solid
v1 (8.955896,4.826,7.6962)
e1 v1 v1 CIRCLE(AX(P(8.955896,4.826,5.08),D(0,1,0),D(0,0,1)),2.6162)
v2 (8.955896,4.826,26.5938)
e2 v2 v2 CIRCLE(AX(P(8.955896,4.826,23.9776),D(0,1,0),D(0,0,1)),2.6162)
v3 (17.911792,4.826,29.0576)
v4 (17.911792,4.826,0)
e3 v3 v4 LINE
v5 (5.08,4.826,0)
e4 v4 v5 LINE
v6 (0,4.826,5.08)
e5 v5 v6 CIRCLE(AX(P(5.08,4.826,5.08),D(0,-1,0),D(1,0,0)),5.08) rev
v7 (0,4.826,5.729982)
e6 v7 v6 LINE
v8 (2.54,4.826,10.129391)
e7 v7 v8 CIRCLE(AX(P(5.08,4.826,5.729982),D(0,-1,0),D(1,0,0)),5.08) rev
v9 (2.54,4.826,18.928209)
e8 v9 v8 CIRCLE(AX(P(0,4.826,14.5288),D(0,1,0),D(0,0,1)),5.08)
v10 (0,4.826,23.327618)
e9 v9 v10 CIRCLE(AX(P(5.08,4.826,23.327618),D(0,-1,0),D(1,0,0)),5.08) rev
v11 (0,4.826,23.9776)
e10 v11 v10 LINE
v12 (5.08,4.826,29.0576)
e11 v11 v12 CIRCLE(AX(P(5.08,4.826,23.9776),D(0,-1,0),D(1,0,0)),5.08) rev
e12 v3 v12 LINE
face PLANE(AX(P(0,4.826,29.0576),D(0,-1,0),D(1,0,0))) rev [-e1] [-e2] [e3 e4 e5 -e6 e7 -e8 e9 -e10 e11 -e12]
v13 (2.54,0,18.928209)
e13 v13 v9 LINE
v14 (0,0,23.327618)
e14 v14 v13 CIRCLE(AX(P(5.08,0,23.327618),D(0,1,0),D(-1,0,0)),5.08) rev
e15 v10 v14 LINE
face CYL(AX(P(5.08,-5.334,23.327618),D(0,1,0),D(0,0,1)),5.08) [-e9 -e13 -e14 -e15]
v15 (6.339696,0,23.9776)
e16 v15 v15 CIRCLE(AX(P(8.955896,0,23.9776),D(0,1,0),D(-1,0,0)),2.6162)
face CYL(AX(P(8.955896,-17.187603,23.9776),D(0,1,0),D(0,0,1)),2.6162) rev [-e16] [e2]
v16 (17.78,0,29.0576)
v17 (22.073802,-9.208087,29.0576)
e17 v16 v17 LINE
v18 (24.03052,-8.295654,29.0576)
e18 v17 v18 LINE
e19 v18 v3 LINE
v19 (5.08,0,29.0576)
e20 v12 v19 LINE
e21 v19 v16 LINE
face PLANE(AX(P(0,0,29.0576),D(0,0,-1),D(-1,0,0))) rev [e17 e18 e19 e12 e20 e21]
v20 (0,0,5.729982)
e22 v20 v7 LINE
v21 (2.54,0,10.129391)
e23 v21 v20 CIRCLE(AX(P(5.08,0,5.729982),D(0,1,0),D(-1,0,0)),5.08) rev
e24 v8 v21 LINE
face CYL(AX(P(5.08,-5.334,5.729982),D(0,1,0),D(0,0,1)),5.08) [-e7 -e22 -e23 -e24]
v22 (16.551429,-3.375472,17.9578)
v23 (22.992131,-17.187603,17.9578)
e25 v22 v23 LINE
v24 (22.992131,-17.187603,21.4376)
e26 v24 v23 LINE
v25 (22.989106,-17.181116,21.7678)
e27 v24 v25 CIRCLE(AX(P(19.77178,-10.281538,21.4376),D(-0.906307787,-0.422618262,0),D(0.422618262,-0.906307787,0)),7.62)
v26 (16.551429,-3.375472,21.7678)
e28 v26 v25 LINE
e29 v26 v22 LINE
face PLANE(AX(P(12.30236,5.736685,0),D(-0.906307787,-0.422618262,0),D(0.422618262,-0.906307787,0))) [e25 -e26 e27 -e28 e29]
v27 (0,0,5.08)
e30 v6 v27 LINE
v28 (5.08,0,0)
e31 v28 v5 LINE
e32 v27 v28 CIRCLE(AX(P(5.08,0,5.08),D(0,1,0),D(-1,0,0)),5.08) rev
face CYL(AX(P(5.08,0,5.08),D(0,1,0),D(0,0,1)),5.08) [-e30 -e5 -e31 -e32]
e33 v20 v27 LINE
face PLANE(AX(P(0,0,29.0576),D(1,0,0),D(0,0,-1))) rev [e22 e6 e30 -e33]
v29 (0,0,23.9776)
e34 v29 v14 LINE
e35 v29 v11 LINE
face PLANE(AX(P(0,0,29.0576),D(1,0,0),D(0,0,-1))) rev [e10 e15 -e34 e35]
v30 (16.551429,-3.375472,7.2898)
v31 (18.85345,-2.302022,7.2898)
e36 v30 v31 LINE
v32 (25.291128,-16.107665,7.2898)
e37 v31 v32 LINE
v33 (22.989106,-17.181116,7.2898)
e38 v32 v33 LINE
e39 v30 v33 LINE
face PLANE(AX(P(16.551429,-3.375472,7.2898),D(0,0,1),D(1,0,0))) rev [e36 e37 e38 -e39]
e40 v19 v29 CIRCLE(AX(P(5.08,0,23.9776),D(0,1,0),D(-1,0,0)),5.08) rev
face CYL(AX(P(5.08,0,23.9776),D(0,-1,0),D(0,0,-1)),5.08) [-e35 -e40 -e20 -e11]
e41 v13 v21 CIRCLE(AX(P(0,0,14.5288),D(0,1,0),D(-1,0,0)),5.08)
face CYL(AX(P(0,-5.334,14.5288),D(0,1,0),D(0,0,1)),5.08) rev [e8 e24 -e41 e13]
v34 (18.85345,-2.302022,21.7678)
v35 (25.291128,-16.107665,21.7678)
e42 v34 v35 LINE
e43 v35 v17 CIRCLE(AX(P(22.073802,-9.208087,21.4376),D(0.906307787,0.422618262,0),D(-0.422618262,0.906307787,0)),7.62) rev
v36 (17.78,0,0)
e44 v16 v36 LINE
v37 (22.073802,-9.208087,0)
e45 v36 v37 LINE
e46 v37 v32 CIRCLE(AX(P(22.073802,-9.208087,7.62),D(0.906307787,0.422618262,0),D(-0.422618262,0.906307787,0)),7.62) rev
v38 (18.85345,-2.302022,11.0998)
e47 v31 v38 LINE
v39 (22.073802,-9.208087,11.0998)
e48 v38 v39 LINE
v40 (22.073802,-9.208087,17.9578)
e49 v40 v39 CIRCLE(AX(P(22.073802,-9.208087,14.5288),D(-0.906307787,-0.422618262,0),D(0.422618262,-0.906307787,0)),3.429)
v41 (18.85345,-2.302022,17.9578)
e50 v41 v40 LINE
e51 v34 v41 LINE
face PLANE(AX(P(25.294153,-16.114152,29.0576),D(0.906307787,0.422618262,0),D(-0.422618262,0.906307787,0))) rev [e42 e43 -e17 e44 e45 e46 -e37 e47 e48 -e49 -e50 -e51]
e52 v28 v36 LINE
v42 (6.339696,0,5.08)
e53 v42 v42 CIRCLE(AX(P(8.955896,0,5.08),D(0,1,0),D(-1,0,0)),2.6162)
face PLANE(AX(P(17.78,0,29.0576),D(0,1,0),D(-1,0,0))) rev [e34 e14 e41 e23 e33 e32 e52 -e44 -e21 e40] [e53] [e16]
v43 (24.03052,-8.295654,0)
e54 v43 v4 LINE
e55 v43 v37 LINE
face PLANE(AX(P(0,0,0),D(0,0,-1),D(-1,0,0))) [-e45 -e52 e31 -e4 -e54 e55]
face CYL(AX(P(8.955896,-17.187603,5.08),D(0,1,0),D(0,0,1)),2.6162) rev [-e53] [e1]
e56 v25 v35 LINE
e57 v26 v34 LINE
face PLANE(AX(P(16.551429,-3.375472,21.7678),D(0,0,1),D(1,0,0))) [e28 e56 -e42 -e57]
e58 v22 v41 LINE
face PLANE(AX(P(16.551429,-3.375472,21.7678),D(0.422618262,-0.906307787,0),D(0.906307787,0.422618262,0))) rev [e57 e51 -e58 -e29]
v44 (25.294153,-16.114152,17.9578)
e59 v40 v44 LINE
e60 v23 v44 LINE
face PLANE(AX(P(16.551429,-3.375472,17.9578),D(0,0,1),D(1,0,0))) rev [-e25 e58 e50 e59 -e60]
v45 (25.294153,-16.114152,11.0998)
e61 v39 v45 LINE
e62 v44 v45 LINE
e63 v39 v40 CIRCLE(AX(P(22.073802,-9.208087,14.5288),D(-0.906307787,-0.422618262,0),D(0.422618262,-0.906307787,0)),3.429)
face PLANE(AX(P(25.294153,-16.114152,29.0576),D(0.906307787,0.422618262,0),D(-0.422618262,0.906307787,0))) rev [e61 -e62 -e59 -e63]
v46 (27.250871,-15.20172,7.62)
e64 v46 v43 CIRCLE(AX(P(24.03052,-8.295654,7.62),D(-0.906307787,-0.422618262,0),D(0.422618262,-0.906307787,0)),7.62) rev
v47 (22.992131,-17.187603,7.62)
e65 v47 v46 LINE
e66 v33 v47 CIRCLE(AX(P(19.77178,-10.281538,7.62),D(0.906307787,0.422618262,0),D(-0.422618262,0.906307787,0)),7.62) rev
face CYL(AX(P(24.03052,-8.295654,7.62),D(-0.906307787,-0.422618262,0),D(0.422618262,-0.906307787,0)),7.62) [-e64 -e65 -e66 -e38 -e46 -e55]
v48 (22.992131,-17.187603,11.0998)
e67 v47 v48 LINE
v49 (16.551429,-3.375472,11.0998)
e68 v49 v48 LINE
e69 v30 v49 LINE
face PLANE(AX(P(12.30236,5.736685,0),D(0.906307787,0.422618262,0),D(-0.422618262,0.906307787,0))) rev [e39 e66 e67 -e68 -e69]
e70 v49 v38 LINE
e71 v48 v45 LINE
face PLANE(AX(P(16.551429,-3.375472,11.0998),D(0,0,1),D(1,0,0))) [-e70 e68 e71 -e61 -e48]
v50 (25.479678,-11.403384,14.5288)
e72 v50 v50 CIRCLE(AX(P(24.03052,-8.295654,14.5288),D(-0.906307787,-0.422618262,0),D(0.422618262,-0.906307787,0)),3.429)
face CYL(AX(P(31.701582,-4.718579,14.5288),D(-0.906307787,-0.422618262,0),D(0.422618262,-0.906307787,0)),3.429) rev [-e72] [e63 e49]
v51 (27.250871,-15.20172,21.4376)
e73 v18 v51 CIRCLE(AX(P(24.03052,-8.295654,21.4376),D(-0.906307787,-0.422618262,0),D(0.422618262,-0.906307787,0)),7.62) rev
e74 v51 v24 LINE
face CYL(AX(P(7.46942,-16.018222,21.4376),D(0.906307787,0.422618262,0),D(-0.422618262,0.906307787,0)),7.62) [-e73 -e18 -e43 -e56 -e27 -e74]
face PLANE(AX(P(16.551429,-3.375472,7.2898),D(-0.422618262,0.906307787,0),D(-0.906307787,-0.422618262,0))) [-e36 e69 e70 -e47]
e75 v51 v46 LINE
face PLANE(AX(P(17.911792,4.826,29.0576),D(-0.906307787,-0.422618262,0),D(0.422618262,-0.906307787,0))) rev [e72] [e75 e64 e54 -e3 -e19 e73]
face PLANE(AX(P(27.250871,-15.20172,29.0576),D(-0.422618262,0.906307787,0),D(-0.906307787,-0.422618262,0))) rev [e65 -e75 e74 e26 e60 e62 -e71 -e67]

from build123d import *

# Parameters (mm, degrees)
BOSS_EXTRUDE1_DEPTH = 29.057599999999997
SKETCH3_R           = 3.4290000000000025
CUT_EXTRUDE2_DEPTH  = 40.78888094416812
SKETCH3_3_W         = 15.239999999999998
SKETCH3_3_H         = 3.8099999999999987
SKETCH3_3_W_2       = 15.239999999999997
SKETCH3_3_H_2       = 3.8100000000000014
BOSS_EXTRUDE2_DEPTH = 2.54
SKETCH2_R           = 2.6161999999999974
CUT_EXTRUDE1_DEPTH  = 46.51431433261163
FILLET7_R           = 5.08
FILLET8_R           = 7.619999999999999
SKETCH4_R           = 5.08
CUT_EXTRUDE3_DEPTH  = 10.16
FILLET9_R           = 5.08


with BuildPart() as part:
    # Sketch1 → Boss-Extrude1 (new body)
    with BuildSketch(Plane.XY):
        Polygon((0, 0), (0, 4.826), (17.91179216878401, 4.825999999999999), (27.250871205961722, -15.201719626413484), (25.29415269374959, -16.114152453511647), (17.779999999999998, 7.8e-16), align=None)
    extrude(amount=BOSS_EXTRUDE1_DEPTH)

    # Sketch3 → Cut-Extrude2 (cut, through all)
    with BuildSketch(Plane(origin=(14.604381850113365, 6.810135099327686, 0), x_dir=(0.4226182617406973, -0.9063077870366509, 0), z_dir=(-0.906307787036651, -0.42261826174069733, 0))):
        with Locations((17.674152693749598, 14.528799999999999)):
            Circle(SKETCH3_R)
    extrude(amount=-CUT_EXTRUDE2_DEPTH, mode=Mode.SUBTRACT)

    # Sketch3<3> → Boss-Extrude2 (add)
    with BuildSketch(Plane(origin=(14.604381850113365, 6.810135099327686, 0), x_dir=(0.4226182617406973, -0.9063077870366509, 0), z_dir=(-0.906307787036651, -0.42261826174069733, 0))):
        with Locations((17.67415269374959, 19.8628)):
            Rectangle(SKETCH3_3_W, SKETCH3_3_H)
        with Locations((17.674152693749594, 9.194799999999997)):
            Rectangle(SKETCH3_3_W_2, SKETCH3_3_H_2)
    extrude(amount=BOSS_EXTRUDE2_DEPTH)

    # Sketch2 → Cut-Extrude1 (cut, through all)
    with BuildSketch(Plane(origin=(2.3e-16, 4.826, 0), x_dir=(1, 0, 0), z_dir=(0, 1, 0))):
        with Locations((8.955896084392007, -5.079999999999997)):
            Circle(SKETCH2_R)
        with Locations((8.955896084392007, -23.9776)):
            Circle(SKETCH2_R)
    extrude(amount=-CUT_EXTRUDE1_DEPTH, mode=Mode.SUBTRACT)

    # Fillet7
    fillet7_edges = [part.edges().sort_by_distance(p)[0] for p in [
        (0, 2.413, 0),
        (0, 2.413, 29.057599999999997),
    ]]
    fillet(fillet7_edges, radius=FILLET7_R)

    # Fillet8
    fillet8_edges = [part.edges().sort_by_distance(p)[0] for p in [
        (26.272511949855655, -15.657936039962564, 0),
        (26.272511949855655, -15.657936039962564, 29.057599999999997),
    ]]
    fillet(fillet8_edges, radius=FILLET8_R)

    # Sketch4 → Cut-Extrude3 (cut)
    with BuildSketch(Plane(origin=(2.3e-16, 4.826, 0), x_dir=(1, 0, 0), z_dir=(0, 1, 0))):
        with Locations((0, -14.528799999999999)):
            Circle(SKETCH4_R)
    extrude(amount=-CUT_EXTRUDE3_DEPTH, mode=Mode.SUBTRACT)

    # Fillet9
    fillet9_edges = [part.edges().sort_by_distance(p)[0] for p in [
        (0, 2.413, 19.6088),
        (0, 2.413, 9.448799999999999),
    ]]
    fillet(fillet9_edges, radius=FILLET9_R)


solid = part.part
